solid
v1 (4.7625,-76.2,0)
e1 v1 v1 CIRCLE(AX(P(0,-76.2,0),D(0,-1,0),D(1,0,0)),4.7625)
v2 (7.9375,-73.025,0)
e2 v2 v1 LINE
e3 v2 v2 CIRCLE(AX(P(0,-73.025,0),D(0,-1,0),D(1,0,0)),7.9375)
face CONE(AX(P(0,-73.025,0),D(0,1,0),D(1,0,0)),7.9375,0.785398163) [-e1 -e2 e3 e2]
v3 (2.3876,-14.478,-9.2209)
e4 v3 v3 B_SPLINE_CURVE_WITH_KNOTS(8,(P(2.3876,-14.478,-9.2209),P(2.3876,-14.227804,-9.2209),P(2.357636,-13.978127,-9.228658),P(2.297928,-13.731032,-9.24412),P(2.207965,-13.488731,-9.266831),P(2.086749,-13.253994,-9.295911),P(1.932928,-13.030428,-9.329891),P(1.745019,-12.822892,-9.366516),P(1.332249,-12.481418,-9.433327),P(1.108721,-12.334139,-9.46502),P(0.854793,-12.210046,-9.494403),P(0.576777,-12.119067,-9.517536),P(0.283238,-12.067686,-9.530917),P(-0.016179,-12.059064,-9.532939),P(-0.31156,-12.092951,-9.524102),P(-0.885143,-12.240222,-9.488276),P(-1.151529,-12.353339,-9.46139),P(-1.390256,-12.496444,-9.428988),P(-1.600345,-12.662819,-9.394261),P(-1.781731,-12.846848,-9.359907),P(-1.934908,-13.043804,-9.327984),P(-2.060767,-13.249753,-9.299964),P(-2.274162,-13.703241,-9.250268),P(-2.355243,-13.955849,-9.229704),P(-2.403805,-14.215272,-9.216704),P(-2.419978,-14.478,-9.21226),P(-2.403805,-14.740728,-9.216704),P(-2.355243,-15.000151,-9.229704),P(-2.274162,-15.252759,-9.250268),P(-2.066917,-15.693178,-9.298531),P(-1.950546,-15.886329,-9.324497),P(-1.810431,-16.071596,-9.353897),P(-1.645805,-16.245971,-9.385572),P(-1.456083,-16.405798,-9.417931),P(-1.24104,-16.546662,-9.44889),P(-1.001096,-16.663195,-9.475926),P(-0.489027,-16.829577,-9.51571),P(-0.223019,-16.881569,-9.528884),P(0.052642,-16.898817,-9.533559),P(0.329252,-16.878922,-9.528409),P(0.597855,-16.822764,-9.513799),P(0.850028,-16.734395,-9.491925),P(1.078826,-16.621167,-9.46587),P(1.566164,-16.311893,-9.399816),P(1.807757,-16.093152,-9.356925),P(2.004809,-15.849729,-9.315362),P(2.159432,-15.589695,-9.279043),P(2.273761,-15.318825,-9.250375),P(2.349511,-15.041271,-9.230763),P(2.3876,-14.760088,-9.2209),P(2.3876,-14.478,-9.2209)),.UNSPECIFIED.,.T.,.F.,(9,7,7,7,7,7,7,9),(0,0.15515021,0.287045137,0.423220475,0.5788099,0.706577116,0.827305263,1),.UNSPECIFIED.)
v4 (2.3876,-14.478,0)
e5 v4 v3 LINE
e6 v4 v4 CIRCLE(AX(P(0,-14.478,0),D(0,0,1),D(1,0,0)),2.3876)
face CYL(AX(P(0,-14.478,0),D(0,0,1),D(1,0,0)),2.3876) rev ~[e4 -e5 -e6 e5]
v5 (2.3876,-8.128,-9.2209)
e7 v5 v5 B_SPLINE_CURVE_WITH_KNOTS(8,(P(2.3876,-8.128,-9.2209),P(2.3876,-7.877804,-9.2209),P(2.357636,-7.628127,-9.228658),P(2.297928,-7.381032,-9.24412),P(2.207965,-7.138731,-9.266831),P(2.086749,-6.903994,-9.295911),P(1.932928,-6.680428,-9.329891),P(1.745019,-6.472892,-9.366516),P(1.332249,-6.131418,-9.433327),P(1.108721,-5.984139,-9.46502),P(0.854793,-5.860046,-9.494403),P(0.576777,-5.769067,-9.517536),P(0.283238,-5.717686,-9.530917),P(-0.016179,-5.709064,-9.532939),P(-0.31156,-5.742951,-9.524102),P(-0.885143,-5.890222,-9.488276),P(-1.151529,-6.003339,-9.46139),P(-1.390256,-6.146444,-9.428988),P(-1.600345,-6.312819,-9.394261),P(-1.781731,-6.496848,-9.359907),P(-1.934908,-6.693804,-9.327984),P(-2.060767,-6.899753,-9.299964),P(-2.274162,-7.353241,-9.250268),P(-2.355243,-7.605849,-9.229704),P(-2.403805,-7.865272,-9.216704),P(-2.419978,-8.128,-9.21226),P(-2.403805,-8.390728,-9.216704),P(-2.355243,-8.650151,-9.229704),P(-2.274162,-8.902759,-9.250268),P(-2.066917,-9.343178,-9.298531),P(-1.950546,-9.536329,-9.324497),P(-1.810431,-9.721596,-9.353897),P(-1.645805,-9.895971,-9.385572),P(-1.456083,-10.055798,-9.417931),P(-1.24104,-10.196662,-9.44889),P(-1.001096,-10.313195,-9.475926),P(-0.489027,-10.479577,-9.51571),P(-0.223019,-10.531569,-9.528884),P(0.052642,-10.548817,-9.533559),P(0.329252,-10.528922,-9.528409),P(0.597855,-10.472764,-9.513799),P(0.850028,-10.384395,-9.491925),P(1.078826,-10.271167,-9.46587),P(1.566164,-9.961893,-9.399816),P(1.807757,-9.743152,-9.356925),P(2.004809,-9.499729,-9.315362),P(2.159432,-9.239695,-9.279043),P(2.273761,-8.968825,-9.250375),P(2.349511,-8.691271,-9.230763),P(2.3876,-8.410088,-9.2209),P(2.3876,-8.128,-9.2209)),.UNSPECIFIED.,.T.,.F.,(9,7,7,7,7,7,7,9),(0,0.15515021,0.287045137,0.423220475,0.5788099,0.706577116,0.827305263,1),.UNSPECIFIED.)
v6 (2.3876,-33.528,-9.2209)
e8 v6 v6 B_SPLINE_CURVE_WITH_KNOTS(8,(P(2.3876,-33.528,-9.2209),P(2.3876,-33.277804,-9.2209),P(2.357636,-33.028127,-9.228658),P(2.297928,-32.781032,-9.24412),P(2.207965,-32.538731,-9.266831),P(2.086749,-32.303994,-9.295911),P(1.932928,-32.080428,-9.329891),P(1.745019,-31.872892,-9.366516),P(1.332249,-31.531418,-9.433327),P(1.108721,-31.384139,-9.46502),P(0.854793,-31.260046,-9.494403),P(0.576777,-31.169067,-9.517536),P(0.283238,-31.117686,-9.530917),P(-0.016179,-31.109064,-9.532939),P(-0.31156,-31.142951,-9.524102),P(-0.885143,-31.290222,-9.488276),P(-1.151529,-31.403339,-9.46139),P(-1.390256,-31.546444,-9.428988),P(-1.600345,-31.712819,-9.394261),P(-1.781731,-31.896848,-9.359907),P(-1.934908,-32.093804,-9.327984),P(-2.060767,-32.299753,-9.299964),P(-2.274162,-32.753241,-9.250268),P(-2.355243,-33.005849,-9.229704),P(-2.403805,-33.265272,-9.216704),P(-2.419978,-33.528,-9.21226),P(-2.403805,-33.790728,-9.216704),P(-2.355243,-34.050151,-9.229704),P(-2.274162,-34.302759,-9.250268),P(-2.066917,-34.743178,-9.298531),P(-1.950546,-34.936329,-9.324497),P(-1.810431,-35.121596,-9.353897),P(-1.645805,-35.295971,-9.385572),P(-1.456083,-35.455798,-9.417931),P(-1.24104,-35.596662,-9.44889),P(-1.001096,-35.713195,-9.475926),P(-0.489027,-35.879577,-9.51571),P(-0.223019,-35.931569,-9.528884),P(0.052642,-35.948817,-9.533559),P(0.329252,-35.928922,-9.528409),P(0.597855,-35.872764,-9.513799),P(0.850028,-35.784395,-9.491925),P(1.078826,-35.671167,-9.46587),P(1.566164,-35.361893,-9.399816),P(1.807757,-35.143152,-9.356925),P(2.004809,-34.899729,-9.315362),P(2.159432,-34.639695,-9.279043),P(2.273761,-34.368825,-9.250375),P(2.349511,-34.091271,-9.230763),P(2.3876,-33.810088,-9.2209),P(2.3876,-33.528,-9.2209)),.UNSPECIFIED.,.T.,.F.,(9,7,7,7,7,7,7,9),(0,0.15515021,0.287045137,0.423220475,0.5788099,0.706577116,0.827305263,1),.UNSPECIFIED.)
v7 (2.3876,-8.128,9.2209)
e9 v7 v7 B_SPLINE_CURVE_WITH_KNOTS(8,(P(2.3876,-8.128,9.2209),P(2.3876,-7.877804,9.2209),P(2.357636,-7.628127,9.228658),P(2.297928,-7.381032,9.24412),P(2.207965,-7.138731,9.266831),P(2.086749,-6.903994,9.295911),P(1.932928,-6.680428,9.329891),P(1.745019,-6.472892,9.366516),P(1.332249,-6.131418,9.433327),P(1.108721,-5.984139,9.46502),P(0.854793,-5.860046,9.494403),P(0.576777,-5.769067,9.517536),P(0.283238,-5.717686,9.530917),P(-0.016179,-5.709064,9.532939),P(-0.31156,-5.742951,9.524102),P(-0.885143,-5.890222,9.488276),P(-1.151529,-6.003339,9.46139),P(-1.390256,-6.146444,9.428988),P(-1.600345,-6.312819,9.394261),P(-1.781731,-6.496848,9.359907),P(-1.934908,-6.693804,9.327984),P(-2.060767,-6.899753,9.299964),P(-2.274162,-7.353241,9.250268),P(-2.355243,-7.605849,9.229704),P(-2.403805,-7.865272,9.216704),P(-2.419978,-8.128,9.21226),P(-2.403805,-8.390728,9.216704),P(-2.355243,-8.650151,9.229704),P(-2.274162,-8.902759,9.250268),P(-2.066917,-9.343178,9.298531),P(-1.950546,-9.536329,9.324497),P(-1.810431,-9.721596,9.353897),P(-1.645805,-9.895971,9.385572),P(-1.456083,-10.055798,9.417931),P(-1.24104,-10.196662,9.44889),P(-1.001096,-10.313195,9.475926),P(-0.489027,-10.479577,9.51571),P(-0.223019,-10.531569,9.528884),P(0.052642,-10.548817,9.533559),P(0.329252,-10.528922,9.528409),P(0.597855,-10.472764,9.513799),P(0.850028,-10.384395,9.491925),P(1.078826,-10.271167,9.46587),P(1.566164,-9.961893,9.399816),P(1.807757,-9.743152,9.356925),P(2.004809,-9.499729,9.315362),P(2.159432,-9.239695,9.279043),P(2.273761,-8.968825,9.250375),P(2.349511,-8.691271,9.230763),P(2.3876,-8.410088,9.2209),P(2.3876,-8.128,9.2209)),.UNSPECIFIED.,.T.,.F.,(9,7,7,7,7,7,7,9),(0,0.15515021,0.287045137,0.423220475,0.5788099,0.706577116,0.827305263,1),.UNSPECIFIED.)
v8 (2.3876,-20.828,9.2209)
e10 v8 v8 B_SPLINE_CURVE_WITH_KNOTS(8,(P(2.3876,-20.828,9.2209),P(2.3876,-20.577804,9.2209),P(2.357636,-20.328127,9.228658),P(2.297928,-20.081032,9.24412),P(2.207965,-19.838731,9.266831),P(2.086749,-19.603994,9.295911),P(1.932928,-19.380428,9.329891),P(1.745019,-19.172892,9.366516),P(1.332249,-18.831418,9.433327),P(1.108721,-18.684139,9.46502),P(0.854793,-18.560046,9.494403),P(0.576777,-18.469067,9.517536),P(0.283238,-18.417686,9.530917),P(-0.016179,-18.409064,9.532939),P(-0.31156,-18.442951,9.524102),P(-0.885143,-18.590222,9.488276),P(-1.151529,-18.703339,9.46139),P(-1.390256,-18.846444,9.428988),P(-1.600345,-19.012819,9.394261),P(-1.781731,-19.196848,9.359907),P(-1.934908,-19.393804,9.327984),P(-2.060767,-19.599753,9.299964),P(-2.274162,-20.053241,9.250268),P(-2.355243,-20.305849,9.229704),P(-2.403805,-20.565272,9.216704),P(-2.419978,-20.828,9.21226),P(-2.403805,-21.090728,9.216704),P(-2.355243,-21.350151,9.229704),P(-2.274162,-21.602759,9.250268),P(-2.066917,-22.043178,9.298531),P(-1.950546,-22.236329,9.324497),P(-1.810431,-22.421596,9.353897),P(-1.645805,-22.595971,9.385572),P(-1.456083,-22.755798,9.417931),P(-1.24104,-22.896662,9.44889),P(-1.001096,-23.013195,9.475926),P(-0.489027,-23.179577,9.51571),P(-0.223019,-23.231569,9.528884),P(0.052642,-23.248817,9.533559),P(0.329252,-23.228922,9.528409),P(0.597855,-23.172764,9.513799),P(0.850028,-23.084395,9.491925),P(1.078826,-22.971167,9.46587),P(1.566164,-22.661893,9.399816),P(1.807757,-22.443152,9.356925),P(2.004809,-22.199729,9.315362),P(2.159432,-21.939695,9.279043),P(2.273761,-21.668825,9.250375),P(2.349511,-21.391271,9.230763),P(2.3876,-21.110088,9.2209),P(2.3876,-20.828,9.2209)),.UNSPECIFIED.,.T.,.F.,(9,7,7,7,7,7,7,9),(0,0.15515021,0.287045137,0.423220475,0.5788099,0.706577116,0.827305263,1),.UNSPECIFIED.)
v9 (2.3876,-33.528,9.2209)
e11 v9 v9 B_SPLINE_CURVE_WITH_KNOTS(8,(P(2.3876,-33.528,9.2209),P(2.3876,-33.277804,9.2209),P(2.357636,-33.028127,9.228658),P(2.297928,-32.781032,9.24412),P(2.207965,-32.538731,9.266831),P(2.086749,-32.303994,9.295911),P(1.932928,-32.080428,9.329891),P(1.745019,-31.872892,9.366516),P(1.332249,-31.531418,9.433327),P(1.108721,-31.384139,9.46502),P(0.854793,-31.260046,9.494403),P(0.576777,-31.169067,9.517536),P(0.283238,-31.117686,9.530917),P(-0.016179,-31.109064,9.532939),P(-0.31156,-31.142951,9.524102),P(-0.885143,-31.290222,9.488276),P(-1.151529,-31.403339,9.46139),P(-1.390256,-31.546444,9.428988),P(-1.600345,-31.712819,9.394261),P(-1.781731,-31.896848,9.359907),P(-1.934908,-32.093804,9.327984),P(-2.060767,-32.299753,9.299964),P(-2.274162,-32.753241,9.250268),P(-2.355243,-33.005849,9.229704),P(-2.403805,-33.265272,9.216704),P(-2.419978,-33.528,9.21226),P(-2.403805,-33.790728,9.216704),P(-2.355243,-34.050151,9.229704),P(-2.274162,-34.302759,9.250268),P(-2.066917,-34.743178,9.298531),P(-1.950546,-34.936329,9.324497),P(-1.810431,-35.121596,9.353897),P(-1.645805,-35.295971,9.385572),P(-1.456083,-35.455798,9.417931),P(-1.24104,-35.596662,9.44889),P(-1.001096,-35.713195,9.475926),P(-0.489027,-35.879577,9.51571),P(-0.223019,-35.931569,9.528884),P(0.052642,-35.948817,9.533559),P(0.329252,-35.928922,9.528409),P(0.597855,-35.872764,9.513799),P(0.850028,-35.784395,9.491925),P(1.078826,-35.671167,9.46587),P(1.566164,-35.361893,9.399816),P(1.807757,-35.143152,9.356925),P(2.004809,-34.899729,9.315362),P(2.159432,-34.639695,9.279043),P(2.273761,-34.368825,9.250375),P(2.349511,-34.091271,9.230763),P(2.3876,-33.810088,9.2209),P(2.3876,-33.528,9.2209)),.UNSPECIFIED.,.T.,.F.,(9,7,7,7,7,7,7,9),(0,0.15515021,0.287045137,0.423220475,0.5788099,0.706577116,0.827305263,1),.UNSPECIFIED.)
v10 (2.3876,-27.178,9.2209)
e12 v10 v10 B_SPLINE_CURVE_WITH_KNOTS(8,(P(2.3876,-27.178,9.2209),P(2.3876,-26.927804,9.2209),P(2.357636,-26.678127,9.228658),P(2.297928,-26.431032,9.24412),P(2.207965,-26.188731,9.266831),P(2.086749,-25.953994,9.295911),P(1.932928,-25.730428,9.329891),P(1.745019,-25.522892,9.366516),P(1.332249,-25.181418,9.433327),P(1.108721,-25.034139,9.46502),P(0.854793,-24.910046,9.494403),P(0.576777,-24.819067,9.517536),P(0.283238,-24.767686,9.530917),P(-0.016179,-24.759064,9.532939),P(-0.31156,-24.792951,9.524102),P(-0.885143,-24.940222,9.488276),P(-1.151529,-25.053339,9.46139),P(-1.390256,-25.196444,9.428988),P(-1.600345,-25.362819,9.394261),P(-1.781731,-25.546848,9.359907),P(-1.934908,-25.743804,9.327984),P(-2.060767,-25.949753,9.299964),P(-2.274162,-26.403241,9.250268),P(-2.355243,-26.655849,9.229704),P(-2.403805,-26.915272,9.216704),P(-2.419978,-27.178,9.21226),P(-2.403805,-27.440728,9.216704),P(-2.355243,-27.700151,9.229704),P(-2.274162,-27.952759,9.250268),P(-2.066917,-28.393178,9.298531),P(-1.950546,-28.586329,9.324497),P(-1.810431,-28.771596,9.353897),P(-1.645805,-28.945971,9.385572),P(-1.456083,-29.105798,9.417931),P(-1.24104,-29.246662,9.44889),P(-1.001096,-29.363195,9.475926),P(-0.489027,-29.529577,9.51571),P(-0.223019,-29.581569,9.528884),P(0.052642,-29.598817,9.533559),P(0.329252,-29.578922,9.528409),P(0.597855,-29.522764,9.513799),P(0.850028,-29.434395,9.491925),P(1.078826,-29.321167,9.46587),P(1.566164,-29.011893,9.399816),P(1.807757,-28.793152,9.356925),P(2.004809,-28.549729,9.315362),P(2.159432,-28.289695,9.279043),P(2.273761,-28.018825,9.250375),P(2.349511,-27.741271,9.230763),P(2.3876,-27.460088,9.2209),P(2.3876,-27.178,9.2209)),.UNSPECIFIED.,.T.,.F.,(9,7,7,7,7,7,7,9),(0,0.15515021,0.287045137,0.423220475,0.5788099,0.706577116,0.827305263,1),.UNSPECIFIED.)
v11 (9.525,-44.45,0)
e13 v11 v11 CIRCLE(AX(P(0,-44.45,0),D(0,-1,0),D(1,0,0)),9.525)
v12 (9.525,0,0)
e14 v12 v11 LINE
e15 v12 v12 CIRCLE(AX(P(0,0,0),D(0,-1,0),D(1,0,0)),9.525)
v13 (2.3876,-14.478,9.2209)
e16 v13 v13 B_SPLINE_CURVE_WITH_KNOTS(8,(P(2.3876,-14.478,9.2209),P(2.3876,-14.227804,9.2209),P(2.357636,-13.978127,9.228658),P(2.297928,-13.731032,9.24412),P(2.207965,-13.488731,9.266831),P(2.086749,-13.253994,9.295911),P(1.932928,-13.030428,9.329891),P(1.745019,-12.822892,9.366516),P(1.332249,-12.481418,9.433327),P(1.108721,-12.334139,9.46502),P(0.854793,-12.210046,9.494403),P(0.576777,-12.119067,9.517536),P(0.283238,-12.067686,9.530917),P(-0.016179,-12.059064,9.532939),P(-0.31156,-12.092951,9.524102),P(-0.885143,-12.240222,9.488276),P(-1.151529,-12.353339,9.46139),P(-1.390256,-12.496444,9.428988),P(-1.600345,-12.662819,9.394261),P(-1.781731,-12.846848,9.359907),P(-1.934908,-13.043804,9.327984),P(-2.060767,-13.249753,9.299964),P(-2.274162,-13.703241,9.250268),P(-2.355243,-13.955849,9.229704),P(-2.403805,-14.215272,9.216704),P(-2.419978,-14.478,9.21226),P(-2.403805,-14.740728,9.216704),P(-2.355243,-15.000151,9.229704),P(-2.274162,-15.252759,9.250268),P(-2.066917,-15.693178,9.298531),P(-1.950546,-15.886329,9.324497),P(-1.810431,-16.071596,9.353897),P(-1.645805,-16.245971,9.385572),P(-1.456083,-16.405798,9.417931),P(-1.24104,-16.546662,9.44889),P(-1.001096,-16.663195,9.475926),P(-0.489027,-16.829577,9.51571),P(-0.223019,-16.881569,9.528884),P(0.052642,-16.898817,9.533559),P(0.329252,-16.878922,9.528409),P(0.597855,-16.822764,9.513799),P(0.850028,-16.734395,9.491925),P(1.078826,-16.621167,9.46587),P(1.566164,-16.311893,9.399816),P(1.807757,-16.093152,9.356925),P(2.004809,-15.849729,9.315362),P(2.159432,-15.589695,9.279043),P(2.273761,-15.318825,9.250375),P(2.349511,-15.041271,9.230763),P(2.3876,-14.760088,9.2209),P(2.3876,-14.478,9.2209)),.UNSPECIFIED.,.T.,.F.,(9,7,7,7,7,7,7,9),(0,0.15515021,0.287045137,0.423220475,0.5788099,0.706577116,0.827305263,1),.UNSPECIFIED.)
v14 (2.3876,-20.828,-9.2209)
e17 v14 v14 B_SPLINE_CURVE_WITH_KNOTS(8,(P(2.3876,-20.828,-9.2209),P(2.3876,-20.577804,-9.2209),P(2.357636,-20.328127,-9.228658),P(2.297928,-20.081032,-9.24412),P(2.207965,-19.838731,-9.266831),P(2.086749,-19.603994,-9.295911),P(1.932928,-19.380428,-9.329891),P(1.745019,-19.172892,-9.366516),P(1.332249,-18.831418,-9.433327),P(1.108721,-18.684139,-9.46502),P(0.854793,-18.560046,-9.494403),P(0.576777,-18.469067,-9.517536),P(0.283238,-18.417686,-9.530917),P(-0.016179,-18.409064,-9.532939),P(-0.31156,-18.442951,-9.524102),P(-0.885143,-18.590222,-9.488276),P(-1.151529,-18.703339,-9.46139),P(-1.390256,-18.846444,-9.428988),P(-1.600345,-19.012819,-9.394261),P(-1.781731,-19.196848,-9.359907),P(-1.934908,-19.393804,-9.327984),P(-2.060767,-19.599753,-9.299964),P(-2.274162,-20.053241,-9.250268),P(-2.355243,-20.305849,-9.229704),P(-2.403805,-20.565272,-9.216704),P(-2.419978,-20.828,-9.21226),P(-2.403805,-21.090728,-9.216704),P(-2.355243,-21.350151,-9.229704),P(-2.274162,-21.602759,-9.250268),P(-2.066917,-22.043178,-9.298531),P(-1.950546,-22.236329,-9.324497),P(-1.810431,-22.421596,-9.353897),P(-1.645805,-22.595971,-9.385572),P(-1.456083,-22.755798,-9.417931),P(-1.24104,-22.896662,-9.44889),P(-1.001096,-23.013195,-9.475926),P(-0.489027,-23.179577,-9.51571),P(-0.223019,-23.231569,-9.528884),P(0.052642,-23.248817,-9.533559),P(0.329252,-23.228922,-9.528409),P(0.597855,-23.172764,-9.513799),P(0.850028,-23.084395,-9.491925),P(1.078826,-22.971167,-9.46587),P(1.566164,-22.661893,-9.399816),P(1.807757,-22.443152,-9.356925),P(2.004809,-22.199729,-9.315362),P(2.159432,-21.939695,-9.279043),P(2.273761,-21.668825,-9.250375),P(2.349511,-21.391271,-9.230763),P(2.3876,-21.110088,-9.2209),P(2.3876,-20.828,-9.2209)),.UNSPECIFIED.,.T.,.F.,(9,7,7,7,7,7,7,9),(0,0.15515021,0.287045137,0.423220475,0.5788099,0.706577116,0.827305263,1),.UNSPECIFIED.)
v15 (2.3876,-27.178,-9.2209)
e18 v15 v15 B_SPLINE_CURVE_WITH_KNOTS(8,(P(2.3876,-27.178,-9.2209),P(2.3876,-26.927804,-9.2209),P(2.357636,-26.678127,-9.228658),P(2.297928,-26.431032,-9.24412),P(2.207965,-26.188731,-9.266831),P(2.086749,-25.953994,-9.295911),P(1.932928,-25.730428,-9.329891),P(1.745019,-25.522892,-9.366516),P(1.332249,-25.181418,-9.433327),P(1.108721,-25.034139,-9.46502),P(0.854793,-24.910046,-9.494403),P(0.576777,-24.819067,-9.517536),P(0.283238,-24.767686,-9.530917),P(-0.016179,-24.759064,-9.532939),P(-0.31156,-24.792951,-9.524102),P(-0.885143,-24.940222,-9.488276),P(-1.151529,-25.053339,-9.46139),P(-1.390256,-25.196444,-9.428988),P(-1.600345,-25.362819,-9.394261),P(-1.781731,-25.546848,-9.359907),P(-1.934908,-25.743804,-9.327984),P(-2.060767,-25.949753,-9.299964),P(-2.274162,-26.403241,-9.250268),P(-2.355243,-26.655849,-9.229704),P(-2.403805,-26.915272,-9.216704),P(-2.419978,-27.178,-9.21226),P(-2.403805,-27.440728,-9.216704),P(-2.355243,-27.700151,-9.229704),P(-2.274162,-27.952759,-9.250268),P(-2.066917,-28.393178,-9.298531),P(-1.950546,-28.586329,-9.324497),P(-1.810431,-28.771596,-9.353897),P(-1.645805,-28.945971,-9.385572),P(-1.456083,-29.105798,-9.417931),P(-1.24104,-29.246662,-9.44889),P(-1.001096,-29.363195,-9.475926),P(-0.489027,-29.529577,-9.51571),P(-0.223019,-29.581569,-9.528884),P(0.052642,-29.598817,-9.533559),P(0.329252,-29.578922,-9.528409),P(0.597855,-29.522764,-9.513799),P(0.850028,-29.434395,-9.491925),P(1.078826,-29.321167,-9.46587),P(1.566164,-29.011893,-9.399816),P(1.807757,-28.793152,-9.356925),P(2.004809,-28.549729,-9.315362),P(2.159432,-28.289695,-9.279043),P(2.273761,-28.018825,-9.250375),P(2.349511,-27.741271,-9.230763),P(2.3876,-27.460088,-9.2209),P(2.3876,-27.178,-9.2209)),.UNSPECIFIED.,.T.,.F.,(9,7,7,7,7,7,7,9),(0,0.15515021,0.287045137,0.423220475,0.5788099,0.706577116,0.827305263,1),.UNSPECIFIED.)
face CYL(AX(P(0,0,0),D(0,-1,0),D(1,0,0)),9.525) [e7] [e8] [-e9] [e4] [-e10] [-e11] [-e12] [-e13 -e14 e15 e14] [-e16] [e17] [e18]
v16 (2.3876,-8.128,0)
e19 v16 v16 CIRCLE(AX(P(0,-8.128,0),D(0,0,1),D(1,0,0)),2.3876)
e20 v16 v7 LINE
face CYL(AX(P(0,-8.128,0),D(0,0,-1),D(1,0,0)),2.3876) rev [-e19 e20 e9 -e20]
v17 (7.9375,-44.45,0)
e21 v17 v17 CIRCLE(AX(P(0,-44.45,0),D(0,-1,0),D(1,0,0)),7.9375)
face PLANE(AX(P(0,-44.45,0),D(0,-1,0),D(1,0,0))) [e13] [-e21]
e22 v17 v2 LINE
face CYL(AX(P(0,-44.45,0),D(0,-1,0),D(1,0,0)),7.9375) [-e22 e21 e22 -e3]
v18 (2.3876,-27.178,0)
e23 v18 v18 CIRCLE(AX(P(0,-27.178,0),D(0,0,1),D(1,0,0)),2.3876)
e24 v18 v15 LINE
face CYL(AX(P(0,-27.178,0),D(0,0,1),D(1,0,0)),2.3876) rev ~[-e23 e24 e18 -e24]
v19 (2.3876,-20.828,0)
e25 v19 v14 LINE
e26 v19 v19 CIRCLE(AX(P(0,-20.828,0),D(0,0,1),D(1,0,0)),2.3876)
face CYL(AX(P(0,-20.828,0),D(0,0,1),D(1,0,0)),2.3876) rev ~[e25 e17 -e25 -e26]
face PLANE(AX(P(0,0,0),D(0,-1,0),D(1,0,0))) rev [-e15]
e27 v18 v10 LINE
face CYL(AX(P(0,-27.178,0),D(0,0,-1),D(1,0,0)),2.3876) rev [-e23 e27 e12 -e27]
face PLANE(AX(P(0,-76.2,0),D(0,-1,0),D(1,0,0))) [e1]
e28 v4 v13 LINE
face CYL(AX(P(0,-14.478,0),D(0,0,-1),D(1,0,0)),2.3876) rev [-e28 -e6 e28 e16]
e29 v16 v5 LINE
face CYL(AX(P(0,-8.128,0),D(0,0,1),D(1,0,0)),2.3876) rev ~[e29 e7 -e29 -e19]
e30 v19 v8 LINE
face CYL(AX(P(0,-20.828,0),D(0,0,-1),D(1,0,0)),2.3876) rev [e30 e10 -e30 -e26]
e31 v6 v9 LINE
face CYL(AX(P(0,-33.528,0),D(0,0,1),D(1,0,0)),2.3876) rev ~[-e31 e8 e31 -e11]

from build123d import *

# Parameters (mm, degrees)
SKETCH2_R          = 2.3876
CUT_EXTRUDE1_DEPTH = 18.161


with BuildPart() as part:
    # Sketch1 → Revolve1 (revolve)
    with BuildSketch(Plane.XY):
        Polygon((0, 0), (9.525, 0), (9.525, -44.45), (7.9375, -44.45), (7.9375, -73.025), (4.7625, -76.2), (0, -76.2), align=None)
    revolve(axis=Axis((0, 76.054523893, 0), (0, -1, 0)))

    # Sketch2 → Cut-Extrude1 (cut, symmetric)
    with BuildSketch(Plane.XY):
        with Locations((0, -8.128)):
            Circle(SKETCH2_R)
        with Locations((0, -14.478)):
            Circle(SKETCH2_R)
        with Locations((0, -20.828)):
            Circle(SKETCH2_R)
        with Locations((0, -27.178)):
            Circle(SKETCH2_R)
        with Locations((0, -33.528)):
            Circle(SKETCH2_R)
    extrude(amount=CUT_EXTRUDE1_DEPTH, both=True, mode=Mode.SUBTRACT)


solid = part.part
